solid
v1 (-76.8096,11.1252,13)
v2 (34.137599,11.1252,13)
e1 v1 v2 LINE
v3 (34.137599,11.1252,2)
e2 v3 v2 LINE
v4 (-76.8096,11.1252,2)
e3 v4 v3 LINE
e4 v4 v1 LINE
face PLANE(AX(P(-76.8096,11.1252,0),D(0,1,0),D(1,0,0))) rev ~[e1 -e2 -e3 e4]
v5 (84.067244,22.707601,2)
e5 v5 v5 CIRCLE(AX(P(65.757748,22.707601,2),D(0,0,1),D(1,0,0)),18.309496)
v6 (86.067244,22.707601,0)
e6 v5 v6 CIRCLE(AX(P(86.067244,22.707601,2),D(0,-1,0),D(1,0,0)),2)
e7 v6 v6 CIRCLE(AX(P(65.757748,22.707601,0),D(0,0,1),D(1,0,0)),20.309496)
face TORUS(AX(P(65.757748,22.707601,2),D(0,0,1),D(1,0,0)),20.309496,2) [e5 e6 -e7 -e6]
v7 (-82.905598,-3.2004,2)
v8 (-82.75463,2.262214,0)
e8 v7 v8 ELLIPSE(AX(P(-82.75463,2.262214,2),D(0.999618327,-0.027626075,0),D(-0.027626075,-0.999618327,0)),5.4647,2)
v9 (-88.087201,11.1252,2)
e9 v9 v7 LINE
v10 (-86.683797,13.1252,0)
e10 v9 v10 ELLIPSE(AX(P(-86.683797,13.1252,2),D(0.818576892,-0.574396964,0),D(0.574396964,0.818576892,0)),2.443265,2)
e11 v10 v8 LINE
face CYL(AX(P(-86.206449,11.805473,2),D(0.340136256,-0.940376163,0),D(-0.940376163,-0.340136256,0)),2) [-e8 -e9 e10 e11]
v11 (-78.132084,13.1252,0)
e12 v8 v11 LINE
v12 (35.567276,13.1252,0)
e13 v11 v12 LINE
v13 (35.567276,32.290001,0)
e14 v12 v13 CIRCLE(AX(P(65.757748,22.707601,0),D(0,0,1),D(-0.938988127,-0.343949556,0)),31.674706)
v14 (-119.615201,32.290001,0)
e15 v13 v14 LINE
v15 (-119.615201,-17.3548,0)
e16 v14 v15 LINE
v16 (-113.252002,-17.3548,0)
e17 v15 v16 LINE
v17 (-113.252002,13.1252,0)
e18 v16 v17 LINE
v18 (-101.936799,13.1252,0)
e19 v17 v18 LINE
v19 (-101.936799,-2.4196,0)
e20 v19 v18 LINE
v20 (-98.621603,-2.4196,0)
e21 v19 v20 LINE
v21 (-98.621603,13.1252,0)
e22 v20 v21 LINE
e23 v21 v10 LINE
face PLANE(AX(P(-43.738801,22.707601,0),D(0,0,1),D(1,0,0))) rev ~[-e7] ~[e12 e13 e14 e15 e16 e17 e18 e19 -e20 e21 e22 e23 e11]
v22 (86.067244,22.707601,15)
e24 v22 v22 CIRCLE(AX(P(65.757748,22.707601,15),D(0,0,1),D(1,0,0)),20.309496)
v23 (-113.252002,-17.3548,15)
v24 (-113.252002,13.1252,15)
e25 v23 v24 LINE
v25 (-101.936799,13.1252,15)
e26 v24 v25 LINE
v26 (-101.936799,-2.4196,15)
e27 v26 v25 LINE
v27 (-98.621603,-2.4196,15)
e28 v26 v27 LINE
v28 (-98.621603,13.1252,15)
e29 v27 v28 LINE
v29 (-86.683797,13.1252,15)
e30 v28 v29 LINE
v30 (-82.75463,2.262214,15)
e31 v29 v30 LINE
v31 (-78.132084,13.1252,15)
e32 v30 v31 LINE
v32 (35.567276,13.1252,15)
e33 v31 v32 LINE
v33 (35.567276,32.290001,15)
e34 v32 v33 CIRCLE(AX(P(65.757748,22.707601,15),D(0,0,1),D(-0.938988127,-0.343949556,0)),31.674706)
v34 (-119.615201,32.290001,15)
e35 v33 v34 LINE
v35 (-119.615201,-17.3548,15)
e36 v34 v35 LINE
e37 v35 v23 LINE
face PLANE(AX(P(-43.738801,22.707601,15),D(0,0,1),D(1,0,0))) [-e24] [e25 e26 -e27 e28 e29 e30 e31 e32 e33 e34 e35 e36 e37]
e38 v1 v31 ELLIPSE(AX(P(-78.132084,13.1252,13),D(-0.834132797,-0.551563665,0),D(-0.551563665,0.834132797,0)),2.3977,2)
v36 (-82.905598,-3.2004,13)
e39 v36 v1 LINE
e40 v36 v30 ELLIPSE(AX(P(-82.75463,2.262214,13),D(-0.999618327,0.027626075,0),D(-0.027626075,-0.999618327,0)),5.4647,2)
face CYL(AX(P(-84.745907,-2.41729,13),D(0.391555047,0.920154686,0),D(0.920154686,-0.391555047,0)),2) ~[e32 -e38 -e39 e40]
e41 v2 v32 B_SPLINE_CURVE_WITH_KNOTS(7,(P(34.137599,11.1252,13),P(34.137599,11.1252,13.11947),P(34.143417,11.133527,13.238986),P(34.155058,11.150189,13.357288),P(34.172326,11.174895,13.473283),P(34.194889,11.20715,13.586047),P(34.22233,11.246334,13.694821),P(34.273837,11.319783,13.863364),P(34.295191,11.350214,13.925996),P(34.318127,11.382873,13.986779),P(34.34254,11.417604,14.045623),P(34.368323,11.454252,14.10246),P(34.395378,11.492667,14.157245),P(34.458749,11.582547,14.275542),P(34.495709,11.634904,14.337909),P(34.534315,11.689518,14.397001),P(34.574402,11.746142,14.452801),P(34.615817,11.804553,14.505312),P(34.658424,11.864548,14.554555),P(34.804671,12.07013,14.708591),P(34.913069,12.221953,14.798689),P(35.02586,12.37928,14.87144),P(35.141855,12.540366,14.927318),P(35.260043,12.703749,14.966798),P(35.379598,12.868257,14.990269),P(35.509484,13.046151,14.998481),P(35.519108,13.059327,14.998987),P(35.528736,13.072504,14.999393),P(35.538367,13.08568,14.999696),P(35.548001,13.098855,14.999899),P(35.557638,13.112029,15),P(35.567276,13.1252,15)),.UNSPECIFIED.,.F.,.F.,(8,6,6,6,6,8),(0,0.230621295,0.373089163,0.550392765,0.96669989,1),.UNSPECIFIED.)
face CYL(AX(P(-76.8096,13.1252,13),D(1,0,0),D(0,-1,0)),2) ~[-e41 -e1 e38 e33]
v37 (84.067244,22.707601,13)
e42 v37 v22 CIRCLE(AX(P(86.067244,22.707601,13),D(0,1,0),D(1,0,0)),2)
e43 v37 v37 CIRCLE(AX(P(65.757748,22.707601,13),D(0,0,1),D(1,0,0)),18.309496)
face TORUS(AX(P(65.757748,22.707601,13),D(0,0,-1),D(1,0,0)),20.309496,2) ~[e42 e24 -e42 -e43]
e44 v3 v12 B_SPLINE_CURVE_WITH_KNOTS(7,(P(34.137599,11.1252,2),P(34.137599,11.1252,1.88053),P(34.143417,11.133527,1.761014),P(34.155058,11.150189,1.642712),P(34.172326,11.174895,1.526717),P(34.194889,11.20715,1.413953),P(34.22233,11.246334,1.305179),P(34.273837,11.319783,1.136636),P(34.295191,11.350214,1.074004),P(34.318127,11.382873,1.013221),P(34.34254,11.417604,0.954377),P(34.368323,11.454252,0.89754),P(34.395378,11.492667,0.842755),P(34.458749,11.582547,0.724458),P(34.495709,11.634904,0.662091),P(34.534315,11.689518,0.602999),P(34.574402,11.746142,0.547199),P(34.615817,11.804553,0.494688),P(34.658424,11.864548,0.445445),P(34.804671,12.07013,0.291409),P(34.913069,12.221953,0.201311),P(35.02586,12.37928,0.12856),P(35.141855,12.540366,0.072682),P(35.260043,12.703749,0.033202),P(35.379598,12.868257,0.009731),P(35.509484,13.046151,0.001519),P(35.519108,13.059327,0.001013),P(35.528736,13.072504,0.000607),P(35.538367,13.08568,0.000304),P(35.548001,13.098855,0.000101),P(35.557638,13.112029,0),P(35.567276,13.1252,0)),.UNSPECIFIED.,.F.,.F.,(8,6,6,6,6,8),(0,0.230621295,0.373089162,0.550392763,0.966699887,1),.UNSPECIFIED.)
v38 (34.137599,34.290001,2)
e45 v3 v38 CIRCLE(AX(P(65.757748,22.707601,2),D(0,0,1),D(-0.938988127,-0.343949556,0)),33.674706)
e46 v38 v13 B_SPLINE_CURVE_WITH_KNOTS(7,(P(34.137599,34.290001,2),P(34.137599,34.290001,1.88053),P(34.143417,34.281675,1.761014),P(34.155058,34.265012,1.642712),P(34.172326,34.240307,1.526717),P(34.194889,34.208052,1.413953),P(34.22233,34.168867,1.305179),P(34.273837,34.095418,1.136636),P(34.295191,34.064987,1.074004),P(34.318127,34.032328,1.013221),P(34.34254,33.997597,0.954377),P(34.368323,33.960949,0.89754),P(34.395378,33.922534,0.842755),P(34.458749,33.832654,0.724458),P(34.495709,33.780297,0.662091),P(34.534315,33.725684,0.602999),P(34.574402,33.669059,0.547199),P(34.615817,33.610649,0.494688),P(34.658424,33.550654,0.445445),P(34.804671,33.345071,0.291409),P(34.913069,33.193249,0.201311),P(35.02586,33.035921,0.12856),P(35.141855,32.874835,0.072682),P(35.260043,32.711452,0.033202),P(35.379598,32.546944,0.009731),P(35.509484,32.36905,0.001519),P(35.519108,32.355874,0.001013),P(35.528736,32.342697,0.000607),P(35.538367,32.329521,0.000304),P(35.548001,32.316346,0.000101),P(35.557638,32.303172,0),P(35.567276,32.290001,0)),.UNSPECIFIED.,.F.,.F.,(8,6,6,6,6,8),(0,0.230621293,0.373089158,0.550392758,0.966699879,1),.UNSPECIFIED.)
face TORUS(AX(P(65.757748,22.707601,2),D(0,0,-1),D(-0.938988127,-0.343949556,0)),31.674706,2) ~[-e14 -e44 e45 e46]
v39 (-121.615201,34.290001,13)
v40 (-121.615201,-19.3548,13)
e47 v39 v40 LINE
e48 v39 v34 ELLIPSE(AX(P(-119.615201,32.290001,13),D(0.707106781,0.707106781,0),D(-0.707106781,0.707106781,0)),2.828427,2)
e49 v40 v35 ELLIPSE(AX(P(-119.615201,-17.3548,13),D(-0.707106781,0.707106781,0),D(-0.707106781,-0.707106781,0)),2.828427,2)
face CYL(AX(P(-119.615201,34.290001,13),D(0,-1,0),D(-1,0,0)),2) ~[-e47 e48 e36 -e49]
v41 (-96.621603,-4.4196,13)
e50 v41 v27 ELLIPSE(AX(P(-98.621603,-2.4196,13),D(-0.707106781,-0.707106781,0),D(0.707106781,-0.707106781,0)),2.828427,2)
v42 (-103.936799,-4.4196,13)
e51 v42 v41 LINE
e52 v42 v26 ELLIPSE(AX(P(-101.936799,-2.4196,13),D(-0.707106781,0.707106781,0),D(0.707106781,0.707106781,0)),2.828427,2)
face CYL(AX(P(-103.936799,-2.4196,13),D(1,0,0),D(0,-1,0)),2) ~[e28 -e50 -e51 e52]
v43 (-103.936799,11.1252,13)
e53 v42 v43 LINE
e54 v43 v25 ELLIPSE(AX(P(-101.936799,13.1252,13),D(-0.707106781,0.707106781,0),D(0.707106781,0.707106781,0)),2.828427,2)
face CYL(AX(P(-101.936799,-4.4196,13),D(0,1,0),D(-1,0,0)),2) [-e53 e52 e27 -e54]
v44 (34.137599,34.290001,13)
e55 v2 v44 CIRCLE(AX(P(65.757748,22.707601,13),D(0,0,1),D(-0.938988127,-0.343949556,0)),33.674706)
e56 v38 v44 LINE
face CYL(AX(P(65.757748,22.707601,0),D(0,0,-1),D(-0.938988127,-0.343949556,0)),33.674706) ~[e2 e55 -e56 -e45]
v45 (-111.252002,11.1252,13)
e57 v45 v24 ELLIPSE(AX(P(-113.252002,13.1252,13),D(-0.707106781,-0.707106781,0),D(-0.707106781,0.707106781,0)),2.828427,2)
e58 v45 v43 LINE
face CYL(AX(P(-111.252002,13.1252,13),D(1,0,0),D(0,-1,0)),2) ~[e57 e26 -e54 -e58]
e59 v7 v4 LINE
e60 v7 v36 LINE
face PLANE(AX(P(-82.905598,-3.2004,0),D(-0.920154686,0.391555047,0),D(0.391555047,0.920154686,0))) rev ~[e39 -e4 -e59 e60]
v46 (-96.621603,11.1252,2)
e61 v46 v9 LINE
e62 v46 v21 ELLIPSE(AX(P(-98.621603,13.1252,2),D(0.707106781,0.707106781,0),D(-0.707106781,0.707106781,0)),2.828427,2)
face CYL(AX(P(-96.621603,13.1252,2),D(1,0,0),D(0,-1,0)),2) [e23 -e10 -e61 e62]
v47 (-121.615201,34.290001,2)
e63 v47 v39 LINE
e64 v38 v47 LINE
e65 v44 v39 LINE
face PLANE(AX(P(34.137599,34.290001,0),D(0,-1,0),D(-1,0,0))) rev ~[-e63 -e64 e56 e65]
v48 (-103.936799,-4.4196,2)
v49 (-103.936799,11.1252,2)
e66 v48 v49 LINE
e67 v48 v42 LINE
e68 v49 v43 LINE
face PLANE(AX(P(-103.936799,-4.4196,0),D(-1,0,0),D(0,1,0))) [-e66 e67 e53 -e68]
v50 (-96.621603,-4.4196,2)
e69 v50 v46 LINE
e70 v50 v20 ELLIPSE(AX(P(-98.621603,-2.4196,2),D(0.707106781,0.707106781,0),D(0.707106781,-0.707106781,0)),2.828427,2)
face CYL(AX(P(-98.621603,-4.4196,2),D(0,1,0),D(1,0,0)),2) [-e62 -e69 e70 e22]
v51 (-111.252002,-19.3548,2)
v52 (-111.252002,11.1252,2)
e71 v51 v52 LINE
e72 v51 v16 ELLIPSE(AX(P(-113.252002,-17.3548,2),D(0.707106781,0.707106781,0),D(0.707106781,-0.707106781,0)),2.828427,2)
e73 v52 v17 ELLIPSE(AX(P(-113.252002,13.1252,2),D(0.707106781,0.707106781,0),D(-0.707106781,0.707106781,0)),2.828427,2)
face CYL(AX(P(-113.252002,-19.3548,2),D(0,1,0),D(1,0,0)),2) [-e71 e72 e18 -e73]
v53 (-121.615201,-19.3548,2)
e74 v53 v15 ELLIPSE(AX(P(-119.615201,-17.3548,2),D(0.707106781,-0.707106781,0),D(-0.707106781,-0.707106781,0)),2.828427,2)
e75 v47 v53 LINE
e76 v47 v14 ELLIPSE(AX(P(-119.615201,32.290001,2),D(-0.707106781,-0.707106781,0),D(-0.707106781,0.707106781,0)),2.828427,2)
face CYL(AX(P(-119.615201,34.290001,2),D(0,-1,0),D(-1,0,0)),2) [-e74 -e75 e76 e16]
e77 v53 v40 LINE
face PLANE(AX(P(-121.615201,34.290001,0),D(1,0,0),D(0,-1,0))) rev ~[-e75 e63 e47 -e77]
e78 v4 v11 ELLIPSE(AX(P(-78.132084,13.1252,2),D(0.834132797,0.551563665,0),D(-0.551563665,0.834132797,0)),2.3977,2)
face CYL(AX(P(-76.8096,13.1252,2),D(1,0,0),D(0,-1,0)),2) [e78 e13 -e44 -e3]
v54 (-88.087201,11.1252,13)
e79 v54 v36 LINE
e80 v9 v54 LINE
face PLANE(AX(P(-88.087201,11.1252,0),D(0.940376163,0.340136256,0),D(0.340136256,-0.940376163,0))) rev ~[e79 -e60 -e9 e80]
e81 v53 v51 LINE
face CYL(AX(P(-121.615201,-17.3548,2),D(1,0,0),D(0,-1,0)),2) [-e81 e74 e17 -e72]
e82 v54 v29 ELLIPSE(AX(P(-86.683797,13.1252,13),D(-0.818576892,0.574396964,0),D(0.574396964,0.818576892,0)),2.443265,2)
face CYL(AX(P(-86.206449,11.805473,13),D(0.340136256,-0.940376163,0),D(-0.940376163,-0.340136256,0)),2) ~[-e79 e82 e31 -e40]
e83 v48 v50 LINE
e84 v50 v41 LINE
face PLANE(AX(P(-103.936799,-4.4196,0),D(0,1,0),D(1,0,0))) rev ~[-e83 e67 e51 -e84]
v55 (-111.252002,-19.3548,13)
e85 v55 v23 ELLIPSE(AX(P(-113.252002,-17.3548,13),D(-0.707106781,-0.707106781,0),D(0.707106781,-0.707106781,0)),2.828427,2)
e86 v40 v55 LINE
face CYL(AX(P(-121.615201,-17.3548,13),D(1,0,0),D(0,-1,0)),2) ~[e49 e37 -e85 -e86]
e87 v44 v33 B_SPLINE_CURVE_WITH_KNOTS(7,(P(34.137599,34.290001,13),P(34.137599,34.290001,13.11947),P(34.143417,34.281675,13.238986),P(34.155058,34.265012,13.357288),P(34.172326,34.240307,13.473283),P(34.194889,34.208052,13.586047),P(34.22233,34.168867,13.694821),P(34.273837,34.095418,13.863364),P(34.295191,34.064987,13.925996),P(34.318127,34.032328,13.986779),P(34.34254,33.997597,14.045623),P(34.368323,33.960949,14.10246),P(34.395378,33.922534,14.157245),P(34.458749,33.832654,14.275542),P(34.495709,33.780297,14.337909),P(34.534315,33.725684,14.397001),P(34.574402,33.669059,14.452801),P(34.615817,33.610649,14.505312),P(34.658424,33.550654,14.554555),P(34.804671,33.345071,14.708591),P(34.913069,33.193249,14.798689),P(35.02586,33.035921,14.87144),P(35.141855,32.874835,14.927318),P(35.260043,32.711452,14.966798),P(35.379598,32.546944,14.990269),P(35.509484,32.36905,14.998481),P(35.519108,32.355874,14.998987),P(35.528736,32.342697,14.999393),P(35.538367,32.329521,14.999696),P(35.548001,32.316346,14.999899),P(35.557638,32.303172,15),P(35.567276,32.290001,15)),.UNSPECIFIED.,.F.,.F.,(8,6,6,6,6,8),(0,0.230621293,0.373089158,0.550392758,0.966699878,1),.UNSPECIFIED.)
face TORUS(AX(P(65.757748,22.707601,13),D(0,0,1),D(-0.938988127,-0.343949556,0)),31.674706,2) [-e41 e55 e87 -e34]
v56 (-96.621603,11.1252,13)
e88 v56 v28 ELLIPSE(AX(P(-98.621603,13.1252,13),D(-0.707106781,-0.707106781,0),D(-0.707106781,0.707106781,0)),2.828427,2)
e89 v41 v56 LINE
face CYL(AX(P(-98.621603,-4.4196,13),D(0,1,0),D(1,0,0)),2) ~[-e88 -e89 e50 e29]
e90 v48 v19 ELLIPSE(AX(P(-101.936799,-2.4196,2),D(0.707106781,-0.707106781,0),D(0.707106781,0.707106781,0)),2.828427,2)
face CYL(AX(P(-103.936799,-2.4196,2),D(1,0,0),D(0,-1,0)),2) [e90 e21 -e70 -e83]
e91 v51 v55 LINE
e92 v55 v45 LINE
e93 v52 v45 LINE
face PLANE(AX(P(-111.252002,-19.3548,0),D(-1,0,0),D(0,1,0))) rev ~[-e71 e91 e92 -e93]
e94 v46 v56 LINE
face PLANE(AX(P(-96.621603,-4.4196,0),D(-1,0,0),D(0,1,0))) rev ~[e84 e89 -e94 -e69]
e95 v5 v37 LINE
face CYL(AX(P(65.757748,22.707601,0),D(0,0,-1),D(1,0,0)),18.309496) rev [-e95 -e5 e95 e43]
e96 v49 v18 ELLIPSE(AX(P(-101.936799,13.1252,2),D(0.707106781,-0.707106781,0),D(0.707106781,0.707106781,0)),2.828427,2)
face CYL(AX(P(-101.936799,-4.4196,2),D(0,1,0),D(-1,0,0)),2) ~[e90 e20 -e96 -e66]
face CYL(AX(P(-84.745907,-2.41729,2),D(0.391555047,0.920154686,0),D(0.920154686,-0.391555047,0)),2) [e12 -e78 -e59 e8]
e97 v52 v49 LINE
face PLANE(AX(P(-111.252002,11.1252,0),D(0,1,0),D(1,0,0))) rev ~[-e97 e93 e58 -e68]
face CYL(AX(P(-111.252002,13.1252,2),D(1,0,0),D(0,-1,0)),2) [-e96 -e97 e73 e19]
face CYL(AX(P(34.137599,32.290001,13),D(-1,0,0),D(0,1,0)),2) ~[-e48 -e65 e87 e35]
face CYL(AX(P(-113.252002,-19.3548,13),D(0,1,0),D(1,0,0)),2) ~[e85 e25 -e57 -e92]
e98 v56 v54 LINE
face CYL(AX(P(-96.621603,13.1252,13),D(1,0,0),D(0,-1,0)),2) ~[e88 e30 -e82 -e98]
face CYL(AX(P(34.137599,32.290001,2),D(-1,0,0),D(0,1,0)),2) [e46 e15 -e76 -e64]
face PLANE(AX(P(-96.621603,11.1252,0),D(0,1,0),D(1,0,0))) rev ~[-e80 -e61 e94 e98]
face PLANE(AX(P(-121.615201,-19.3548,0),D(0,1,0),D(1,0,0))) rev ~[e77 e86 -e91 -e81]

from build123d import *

# Parameters (mm, degrees)
F0_W     = 7.3151960969
F0_H     = 15.5448005535
F0_W_2   = 10.3631988168
F0_H_2   = 30.4800001904
F0_R     = 18.3094961211
F1_DEPTH = 15
F2_R     = 2


with BuildPart() as f1:
    # F0 (on Top) → F1 (new body)
    with BuildSketch(Plane.XY):
        Polygon((34.1375991702, 11.1252004281), (34.1375991702, 34.2900007963), (-121.6152012348, 34.2900007963), (-121.6152012348, 11.1252004281), (-111.252002418, 11.1252004281), (-103.9367988706, 11.1252004281), (-96.6216027737, 11.1252004281), (-88.0872011185, 11.1252004281), (-76.8095999956, 11.1252004281), align=None)
        Polygon((-82.9055979848, -3.2003999222), (-76.8095999956, 11.1252004281), (-88.0872011185, 11.1252004281), align=None)
        with Locations((-100.2792008221, 3.3528001513)):
            Rectangle(F0_W, F0_H)
        with Locations((-116.4336018264, -4.1147996671)):
            Rectangle(F0_W_2, F0_H_2)
        with BuildLine():
            ThreePointArc((34.1375991702, 11.1252004281), (99.432454276, 22.7076006122), (34.1375991702, 34.2900007963))
            Line((34.1375991702, 34.2900007963), (34.1375991702, 11.1252004281))
        make_face()
        with Locations((65.7577482813, 22.7076006122)):
            Circle(F0_R, mode=Mode.SUBTRACT)
    extrude(amount=F1_DEPTH)

    # F2
    f2_edges = [f1.edges().sort_by_distance(p)[0] for p in [
        (-43.738801, 34.290001, 0),
        (-121.615201, 7.467601, 0),
        (-116.433602, -19.3548, 0),
        (-111.252002, -4.1148, 0),
        (-107.594401, 11.1252, 0),
        (-103.936799, 3.3528, 0),
        (-100.279201, -4.4196, 0),
        (-96.621603, 3.3528, 0),
        (-92.354402, 11.1252, 0),
        (-85.4964, 3.9624, 0),
        (-79.857599, 3.9624, 0),
        (-21.336, 11.1252, 0),
        (99.432454, 22.707601, 0),
        (47.448252, 22.707601, 0),
        (-43.738801, 34.290001, 15),
        (-121.615201, 7.467601, 15),
        (-116.433602, -19.3548, 15),
        (-111.252002, -4.1148, 15),
        (-107.594401, 11.1252, 15),
        (-103.936799, 3.3528, 15),
        (-100.279201, -4.4196, 15),
        (-96.621603, 3.3528, 15),
        (-92.354402, 11.1252, 15),
        (-85.4964, 3.9624, 15),
        (-79.857599, 3.9624, 15),
        (-21.336, 11.1252, 15),
        (99.432454, 22.707601, 15),
        (47.448252, 22.707601, 15),
    ]]
    fillet(f2_edges, radius=F2_R)


solid = f1.part
